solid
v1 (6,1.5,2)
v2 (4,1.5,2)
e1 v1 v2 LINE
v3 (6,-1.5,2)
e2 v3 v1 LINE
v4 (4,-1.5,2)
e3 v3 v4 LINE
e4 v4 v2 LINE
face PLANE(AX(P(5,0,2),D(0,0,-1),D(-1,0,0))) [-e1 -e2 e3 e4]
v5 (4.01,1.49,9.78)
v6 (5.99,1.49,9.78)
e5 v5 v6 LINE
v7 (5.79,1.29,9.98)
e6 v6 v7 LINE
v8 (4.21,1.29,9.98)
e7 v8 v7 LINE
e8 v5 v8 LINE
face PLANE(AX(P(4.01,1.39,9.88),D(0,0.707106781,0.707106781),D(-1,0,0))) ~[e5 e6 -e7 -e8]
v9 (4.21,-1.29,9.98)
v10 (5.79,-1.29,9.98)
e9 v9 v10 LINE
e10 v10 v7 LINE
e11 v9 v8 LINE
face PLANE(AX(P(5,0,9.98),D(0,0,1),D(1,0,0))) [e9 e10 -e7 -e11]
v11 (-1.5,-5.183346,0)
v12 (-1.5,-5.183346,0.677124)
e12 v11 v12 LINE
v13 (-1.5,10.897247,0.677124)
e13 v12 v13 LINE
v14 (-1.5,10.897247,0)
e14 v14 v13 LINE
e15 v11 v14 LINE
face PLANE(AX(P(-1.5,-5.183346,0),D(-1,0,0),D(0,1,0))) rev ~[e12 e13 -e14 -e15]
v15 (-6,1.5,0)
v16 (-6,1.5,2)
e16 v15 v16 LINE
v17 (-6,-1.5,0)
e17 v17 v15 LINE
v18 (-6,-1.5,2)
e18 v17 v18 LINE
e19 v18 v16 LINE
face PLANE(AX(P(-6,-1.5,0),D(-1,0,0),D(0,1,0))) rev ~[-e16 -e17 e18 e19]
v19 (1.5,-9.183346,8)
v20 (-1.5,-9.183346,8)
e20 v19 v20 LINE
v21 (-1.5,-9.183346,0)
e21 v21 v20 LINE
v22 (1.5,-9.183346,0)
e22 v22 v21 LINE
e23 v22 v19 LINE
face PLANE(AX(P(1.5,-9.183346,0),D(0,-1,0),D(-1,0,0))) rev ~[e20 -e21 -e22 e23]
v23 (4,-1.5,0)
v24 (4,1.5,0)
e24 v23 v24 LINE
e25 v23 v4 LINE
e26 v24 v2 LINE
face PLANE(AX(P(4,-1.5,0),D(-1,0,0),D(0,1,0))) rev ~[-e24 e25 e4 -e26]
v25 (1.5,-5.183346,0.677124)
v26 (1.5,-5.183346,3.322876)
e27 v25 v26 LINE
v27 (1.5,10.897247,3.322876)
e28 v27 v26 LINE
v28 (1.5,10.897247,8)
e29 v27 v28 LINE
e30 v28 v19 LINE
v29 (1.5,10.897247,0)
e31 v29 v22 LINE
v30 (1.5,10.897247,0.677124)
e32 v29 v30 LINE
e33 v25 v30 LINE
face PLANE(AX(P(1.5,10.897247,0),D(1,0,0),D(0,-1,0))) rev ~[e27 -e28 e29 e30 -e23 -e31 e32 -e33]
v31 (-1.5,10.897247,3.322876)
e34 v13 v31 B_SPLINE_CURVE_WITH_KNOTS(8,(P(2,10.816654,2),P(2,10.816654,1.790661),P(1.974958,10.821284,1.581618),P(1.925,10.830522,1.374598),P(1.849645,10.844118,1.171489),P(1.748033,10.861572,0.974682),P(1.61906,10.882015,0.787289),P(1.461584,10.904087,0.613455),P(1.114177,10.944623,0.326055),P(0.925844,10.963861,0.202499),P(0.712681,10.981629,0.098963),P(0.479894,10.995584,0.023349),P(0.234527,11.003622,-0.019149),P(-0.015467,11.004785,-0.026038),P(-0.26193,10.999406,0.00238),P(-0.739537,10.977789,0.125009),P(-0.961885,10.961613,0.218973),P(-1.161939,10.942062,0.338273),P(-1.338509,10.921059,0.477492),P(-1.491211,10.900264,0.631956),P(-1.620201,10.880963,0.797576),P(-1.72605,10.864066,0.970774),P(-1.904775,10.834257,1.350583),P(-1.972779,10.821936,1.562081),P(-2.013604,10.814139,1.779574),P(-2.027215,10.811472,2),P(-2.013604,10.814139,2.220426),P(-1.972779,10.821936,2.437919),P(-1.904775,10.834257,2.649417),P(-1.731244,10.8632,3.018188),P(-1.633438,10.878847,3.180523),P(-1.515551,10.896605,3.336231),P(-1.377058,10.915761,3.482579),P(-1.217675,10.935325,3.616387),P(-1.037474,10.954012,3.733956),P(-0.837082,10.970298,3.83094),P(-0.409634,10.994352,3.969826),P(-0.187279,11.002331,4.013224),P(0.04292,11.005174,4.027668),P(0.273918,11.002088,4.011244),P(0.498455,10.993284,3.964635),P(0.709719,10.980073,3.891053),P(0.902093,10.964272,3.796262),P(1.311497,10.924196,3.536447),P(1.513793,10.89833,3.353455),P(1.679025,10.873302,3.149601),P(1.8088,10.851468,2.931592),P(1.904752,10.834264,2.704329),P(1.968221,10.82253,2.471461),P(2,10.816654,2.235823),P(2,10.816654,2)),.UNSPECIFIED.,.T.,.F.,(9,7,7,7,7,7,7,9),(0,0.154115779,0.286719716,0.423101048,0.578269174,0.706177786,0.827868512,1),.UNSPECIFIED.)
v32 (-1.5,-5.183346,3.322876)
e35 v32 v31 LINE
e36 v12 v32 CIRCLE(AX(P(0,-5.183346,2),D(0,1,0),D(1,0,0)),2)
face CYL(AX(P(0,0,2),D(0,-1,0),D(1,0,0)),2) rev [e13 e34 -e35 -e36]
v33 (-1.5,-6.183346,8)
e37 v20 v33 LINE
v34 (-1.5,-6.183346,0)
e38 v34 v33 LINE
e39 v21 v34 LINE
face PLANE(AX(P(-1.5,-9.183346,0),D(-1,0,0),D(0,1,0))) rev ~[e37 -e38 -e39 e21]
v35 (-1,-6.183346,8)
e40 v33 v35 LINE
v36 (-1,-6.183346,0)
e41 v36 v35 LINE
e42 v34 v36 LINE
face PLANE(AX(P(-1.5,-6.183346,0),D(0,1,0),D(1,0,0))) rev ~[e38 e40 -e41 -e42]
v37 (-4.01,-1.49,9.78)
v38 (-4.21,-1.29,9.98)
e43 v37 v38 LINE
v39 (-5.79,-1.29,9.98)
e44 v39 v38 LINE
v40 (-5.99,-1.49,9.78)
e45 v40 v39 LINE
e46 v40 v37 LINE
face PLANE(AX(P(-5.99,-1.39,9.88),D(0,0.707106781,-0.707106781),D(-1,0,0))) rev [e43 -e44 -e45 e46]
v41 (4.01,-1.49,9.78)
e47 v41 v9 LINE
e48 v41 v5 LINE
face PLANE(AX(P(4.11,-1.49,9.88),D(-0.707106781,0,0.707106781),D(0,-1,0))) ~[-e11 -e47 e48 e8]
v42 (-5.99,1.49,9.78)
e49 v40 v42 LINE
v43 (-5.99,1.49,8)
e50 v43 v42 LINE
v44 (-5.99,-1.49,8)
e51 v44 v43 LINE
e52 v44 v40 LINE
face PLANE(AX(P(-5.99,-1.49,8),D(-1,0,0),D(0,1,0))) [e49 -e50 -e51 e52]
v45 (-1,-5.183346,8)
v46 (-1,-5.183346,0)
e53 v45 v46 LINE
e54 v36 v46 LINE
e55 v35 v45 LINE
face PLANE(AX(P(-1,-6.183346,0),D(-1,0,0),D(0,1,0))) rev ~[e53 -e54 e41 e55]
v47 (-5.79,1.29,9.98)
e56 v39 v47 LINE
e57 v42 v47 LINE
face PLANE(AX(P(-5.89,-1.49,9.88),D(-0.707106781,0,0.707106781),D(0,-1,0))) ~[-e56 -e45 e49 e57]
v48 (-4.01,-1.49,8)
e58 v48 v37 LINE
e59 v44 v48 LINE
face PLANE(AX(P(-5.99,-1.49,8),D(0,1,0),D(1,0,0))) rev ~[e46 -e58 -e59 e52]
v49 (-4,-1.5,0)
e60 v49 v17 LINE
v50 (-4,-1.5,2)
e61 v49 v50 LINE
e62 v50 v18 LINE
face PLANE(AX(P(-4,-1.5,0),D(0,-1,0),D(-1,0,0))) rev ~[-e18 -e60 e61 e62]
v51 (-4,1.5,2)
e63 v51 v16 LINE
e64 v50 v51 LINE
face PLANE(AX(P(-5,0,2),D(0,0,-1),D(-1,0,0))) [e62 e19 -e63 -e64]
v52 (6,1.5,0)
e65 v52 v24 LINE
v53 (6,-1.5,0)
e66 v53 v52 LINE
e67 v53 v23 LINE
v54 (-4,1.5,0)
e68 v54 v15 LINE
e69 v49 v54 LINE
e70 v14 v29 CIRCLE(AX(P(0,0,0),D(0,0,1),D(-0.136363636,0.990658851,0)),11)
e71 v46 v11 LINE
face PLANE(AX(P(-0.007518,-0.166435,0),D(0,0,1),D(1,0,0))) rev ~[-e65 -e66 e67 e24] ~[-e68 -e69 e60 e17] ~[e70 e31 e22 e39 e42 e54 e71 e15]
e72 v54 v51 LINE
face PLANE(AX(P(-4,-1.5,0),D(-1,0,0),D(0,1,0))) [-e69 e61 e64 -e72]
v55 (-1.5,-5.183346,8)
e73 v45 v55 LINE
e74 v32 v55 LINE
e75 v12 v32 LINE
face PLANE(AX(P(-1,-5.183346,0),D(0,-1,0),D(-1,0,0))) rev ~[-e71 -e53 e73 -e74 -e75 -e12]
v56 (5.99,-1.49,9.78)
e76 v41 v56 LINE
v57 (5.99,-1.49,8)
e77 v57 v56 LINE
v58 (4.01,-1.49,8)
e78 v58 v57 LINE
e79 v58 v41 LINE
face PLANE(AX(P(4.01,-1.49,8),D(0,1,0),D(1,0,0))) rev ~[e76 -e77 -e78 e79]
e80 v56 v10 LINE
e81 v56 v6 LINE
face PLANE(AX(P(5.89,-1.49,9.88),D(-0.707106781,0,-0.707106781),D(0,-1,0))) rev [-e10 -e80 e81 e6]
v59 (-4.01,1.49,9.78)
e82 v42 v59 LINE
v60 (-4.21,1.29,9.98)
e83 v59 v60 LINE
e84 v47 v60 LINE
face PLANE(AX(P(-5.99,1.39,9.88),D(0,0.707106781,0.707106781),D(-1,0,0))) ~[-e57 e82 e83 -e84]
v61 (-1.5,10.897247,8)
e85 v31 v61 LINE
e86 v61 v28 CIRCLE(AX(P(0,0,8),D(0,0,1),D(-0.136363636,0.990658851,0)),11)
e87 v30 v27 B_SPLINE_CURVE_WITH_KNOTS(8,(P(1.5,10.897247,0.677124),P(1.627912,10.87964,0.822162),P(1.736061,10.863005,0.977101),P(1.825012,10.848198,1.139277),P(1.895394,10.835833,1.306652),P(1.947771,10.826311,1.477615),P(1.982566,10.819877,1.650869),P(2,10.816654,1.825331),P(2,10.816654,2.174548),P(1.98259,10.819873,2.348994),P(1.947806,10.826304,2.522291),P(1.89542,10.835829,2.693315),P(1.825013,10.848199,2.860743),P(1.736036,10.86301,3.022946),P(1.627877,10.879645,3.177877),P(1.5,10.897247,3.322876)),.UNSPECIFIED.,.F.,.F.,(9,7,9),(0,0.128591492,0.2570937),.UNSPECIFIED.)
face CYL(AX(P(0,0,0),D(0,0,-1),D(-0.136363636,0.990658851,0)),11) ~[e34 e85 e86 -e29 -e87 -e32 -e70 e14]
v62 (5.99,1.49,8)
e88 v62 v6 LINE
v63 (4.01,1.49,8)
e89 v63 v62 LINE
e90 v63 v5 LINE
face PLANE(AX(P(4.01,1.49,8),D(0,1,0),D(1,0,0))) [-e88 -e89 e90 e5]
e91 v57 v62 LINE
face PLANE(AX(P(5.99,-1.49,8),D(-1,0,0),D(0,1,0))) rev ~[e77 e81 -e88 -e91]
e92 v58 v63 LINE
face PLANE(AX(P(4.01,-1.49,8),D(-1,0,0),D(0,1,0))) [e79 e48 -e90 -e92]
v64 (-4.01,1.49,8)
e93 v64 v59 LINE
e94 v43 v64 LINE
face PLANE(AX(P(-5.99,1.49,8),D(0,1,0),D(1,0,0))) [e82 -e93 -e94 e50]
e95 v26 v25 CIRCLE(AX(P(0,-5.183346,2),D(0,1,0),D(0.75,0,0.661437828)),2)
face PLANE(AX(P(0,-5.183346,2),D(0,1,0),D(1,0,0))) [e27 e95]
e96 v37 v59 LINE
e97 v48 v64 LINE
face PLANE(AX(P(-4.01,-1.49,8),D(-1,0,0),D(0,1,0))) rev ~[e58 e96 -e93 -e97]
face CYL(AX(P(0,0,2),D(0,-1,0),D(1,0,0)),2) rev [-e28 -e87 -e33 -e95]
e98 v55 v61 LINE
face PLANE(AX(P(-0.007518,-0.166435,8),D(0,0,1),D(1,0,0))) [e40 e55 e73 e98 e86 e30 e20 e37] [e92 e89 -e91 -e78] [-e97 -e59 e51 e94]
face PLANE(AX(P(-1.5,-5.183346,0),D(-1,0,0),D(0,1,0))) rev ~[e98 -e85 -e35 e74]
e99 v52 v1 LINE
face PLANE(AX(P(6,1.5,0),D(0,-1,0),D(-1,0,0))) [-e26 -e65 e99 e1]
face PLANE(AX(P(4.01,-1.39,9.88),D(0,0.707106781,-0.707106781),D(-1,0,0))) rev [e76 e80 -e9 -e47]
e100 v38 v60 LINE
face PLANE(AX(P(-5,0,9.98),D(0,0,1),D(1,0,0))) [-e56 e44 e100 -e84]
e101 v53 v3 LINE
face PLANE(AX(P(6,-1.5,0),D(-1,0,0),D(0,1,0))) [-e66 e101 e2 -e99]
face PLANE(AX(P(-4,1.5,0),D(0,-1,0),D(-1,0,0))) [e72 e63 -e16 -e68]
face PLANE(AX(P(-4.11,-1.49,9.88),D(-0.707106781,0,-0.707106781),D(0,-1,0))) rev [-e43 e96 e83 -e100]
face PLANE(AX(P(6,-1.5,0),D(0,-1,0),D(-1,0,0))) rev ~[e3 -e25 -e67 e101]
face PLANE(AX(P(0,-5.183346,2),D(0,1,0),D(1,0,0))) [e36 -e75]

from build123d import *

# Parameters (mm, degrees)
BOSS_EXTRUDE1_DEPTH             = 8
SKETCH8_R                       = 2
PIN_HOLE_DEPTH                  = 5.183346
PIN_HOLE_DIRECTION_2_REACH      = 19.493
PIN_HOLE_DIRECTION_2_END_RADIUS = 11
SKETCH6_W                       = 2
SKETCH6_H                       = 3
CUT_EXTRUDE2_DEPTH              = 2
SKETCH7_W                       = 1.98
SKETCH7_H                       = 2.98
BOSS_EXTRUDE4_DEPTH             = 1.98
CHAMFER1_SIZE                   = 0.2


with BuildPart() as part:
    # Sketch1 → Boss-Extrude1 (new body)
    with BuildSketch(Plane.XY):
        with BuildLine():
            ThreePointArc((-1.5, 10.897247359), (0, -11), (1.5, 10.897247359))
            Line((1.5, 10.897247359), (1.5, -9.183346174))
            Line((1.5, -9.183346174), (-1.5, -9.183346174))
            Line((-1.5, -9.183346174), (-1.5, -6.183346174))
            Line((-1.5, -6.183346174), (-1, -6.183346174))
            Line((-1, -6.183346174), (-1, -5.183346174))
            Line((-1, -5.183346174), (-1.5, -5.183346174))
            Line((-1.5, -5.183346174), (-1.5, 10.897247359))
        make_face()
    extrude(amount=BOSS_EXTRUDE1_DEPTH)

    # Sketch8 → pin hole (cut)
    with BuildSketch(Plane(origin=(0, 0, 0), x_dir=(1, 0, 0), z_dir=(0, 1, 0))):
        with Locations((0, -2)):
            Circle(SKETCH8_R)
    extrude(amount=-PIN_HOLE_DEPTH, mode=Mode.SUBTRACT)

    # pin hole direction 2: up to this cylinder (the profile starts inside it)
    pin_hole_direction_2_end = Plane(origin=(0, 0, 2), z_dir=(0, 0, -1)) * Cylinder(PIN_HOLE_DIRECTION_2_END_RADIUS, 61.986, mode=Mode.PRIVATE)
    # Sketch8 → pin hole direction 2 (cut, up to the surface)
    with BuildSketch(Plane(origin=(0, 0, 0), x_dir=(1, 0, 0), z_dir=(0, 1, 0)), mode=Mode.PRIVATE) as pin_hole_direction_2_sk1:
        with Locations((0, -2)):
            Circle(SKETCH8_R)
    pin_hole_direction_2_tool1 = extrude(pin_hole_direction_2_sk1.sketch, amount=PIN_HOLE_DIRECTION_2_REACH, mode=Mode.PRIVATE) & pin_hole_direction_2_end
    add(pin_hole_direction_2_tool1.solids().sort_by_distance((0, 0, 2))[0], mode=Mode.SUBTRACT)

    # Sketch6 → Cut-Extrude2 (cut)
    with BuildSketch(Plane(origin=(0, 0, 0), x_dir=(-1, 0, 0), z_dir=(0, 0, -1))):
        with Locations((-5, 0)):
            Rectangle(SKETCH6_W, SKETCH6_H)
        with Locations((5, 0)):
            Rectangle(SKETCH6_W, SKETCH6_H)
    extrude(amount=-CUT_EXTRUDE2_DEPTH, mode=Mode.SUBTRACT)

    # Sketch7 → Boss-Extrude4 (add)
    with BuildSketch(Plane.XY.offset(8)):
        with Locations((-5, 0)):
            Rectangle(SKETCH7_W, SKETCH7_H)
        with Locations((5, 0)):
            Rectangle(SKETCH7_W, SKETCH7_H)
    extrude(amount=BOSS_EXTRUDE4_DEPTH)

    # Chamfer1
    chamfer1_edges = [part.edges().sort_by_distance(p)[0] for p in [
        (-5.99, 0, 9.98),
        (-5, -1.49, 9.98),
        (-4.01, 0, 9.98),
        (-5, 1.49, 9.98),
        (4.01, 0, 9.98),
        (5, -1.49, 9.98),
        (5.99, 0, 9.98),
        (5, 1.49, 9.98),
    ]]
    chamfer(chamfer1_edges, length=CHAMFER1_SIZE)


solid = part.part
